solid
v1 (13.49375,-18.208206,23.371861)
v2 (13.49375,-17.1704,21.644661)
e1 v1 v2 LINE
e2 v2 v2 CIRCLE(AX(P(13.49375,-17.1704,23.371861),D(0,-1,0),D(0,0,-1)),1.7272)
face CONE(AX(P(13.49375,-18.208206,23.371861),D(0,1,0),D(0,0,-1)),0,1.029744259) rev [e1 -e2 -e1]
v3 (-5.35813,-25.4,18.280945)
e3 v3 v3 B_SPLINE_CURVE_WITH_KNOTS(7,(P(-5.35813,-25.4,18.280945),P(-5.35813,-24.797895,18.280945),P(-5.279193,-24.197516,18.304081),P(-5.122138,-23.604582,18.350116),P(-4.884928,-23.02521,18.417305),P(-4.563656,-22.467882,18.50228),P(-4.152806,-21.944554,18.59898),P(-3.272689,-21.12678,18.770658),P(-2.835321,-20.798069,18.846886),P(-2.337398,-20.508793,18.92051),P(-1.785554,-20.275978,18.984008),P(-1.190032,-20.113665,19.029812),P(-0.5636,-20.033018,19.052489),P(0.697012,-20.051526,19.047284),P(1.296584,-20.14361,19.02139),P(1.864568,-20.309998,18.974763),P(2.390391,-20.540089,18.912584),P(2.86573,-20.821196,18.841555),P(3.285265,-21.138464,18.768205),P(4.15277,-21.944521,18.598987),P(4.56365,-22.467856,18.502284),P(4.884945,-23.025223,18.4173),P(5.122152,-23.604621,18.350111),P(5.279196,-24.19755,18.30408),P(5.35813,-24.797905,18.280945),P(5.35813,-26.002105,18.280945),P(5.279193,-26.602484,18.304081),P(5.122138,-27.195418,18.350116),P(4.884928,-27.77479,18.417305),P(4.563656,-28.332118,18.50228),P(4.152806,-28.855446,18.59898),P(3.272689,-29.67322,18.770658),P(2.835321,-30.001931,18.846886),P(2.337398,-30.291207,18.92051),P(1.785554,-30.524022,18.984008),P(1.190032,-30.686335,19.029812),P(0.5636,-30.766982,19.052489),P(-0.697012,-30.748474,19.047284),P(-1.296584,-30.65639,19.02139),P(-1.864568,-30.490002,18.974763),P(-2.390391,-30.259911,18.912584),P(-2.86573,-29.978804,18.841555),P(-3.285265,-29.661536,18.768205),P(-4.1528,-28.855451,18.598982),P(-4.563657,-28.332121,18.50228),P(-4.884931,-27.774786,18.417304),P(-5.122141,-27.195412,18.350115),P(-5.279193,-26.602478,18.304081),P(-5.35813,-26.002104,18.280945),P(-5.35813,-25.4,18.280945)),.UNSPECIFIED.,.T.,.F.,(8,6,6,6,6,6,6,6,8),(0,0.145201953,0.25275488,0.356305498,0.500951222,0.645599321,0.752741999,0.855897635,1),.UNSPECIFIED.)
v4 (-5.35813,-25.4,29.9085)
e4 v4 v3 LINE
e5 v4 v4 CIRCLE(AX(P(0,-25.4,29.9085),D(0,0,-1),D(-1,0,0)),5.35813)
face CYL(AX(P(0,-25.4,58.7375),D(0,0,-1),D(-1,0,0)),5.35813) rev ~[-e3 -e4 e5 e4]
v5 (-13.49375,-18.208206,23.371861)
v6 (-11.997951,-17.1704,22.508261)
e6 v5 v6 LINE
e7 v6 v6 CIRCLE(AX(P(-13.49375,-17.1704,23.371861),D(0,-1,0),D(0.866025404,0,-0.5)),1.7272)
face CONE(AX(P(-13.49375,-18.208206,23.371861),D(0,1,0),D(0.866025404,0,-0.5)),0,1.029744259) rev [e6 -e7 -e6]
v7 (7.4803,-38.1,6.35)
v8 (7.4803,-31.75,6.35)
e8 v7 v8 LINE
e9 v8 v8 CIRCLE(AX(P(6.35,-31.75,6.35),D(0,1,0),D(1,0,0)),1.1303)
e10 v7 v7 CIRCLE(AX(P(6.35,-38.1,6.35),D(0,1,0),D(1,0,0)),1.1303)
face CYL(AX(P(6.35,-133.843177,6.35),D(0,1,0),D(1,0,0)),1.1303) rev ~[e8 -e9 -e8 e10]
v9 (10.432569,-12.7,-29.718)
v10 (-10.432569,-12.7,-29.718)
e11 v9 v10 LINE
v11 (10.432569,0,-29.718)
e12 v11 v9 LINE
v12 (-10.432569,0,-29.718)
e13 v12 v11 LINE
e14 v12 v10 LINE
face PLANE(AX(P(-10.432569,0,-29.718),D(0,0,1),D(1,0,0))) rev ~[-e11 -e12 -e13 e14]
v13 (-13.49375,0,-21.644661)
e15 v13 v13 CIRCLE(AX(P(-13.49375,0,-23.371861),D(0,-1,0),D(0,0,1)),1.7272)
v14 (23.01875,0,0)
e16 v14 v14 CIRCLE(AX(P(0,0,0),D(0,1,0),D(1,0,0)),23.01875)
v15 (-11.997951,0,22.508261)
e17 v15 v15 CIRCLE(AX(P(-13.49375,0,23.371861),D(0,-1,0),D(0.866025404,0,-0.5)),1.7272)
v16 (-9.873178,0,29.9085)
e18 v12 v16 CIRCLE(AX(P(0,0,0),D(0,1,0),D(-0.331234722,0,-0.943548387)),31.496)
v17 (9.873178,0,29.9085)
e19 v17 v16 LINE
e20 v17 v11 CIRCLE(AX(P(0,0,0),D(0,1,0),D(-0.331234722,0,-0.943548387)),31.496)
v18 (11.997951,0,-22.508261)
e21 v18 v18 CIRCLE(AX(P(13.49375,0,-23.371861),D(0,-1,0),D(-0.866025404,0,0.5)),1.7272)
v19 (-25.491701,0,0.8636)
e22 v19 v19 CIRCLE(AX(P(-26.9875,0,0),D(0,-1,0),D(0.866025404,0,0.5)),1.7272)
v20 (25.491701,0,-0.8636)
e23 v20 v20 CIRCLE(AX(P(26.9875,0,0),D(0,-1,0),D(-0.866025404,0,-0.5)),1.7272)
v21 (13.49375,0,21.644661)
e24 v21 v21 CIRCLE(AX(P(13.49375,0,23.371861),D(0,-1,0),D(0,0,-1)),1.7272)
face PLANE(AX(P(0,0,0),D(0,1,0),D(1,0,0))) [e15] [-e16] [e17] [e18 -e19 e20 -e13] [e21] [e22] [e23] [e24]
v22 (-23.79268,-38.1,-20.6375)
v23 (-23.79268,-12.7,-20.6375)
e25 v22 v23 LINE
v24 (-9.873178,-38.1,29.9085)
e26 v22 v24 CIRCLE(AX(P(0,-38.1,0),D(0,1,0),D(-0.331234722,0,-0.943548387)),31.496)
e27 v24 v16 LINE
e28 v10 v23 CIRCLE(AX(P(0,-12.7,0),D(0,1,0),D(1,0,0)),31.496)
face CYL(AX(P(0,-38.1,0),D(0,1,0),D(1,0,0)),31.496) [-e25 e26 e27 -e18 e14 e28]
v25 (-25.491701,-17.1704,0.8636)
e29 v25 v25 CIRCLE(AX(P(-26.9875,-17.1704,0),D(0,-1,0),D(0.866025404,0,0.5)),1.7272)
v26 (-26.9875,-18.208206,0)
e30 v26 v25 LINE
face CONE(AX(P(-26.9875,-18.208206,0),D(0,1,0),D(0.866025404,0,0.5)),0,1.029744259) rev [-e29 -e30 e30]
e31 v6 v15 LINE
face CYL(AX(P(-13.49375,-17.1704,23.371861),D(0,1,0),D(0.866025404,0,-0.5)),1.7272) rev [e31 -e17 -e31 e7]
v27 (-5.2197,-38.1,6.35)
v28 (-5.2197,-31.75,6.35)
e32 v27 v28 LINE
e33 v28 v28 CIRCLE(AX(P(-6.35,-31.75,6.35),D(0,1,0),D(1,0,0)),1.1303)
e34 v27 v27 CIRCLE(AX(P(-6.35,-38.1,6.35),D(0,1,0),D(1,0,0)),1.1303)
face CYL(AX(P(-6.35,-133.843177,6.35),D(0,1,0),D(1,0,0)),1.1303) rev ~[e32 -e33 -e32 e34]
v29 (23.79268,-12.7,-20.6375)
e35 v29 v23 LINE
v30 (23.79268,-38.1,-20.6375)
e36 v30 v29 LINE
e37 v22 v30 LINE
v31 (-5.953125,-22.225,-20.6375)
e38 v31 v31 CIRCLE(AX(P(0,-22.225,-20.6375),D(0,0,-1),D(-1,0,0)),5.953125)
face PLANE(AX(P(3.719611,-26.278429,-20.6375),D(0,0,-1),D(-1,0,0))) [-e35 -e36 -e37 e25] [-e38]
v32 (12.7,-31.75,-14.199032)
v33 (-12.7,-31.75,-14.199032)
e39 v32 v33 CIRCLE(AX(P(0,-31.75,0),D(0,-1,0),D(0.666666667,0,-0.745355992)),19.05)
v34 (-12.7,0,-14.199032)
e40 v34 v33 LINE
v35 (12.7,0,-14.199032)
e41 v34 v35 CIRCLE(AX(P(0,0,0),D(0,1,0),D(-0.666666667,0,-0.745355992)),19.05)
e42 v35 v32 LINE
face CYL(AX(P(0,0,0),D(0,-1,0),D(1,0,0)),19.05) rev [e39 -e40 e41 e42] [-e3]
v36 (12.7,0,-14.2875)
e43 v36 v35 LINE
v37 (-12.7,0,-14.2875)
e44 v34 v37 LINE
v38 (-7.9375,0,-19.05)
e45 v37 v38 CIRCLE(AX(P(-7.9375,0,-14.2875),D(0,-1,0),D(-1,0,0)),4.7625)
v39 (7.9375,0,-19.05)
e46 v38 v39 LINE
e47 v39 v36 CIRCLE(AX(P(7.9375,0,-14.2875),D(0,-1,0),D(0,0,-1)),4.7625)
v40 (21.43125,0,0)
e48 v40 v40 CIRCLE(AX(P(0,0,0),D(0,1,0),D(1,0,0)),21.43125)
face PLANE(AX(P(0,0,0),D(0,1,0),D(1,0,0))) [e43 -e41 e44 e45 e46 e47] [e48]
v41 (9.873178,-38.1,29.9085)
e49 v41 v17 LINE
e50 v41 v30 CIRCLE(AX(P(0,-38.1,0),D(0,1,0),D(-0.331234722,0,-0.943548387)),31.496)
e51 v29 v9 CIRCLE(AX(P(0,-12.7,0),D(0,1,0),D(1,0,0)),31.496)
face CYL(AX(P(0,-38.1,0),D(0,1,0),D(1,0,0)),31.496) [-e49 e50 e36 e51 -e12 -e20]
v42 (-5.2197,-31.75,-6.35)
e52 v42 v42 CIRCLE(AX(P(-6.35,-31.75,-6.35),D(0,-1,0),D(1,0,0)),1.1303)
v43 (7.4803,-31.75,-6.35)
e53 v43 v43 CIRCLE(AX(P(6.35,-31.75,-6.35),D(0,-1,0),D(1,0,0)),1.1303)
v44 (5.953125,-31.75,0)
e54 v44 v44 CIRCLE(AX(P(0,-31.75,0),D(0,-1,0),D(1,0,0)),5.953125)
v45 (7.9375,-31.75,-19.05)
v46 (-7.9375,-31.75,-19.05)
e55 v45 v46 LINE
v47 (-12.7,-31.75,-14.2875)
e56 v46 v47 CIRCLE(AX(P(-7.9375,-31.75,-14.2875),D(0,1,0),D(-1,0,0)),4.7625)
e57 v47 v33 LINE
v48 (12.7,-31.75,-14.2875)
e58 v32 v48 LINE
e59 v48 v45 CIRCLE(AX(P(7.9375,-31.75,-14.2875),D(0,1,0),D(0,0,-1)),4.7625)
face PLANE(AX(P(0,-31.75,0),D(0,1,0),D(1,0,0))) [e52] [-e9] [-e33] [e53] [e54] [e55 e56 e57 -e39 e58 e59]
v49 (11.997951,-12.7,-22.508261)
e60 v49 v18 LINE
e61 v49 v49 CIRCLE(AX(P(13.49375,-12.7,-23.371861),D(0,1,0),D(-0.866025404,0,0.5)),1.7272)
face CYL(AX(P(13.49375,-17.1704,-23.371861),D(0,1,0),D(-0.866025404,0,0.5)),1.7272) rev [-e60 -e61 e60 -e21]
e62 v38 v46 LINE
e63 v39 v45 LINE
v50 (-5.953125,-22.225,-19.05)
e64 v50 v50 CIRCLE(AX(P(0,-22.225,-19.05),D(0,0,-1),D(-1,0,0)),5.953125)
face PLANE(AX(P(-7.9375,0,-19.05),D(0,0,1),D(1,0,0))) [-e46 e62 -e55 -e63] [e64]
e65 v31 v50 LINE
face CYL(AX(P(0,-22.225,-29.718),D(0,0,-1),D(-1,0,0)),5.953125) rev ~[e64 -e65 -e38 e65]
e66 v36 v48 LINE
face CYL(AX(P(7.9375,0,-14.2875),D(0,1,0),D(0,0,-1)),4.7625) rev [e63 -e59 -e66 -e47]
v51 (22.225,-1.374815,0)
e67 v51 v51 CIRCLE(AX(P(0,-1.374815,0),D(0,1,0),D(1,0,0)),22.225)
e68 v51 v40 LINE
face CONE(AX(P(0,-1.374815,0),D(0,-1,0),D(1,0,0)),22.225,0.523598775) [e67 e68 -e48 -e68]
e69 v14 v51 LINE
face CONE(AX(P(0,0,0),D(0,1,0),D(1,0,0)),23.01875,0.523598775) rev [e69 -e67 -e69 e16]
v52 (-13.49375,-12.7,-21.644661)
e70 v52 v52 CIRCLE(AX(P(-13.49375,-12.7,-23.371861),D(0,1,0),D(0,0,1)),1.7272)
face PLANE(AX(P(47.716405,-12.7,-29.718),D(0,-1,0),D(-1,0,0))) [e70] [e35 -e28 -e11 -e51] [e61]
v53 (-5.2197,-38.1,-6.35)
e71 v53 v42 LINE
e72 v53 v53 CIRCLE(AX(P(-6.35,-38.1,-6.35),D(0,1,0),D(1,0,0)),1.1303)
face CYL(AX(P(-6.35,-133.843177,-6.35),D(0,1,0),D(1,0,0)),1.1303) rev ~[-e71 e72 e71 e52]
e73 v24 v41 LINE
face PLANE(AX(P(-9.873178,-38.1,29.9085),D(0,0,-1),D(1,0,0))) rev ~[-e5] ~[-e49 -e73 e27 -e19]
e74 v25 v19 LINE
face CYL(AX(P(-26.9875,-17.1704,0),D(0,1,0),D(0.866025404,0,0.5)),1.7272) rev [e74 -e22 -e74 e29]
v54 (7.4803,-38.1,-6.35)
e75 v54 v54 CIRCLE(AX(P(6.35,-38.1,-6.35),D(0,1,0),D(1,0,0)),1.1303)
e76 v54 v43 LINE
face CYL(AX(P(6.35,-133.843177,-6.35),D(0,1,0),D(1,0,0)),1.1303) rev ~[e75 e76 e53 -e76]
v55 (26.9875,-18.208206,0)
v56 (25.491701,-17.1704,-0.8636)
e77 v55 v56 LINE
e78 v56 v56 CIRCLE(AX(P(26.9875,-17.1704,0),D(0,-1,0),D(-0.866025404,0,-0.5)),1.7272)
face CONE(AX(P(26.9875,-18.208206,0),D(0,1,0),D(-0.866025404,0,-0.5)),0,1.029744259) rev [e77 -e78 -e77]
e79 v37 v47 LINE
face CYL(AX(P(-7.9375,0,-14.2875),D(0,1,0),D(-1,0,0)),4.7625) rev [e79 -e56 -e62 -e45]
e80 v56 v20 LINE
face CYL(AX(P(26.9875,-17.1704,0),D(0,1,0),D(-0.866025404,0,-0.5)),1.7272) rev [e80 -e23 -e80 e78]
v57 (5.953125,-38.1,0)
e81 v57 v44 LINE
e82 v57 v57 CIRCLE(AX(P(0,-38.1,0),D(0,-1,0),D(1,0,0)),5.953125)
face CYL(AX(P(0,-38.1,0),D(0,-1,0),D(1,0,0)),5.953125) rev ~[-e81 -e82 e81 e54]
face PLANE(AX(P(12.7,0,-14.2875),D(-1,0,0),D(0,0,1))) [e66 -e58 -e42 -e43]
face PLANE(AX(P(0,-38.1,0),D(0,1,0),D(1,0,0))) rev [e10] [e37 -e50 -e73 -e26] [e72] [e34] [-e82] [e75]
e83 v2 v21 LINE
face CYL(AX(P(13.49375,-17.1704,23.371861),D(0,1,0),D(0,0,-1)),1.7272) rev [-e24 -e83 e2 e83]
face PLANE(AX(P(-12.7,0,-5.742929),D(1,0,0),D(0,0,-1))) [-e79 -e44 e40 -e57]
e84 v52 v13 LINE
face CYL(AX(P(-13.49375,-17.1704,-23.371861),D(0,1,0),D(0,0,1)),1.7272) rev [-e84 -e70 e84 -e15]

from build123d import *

# Parameters (mm, degrees)
CUT_EXTRUDE1_DEPTH          = 59.614042959
CIRPATTERN1_COUNT           = 6
SKETCH11_R                  = 5.953125
CUT_EXTRUDE3_DEPTH          = 59.614042959
F_4_40_TAPPED_HOLE2_D       = 2.2606
CUT_EXTRUDE4_DEPTH          = 59.614042959
F_1_2_13_TAPPED_HOLE1_D     = 10.71626
F_1_2_13_TAPPED_HOLE1_DEPTH = 28.829
F_1_2_13_TAPPED_HOLE1_TIP   = 3.219489309
CUT_EXTRUDE5_REACH          = 79.453
CUT_EXTRUDE5_END_RADIUS     = 19.05
SKETCH23_R                  = 5.953125
CUT_EXTRUDE6_REACH          = 59.777
SKETCH25_W                  = 87.993587341
SKETCH25_H                  = 27.156858223
CUT_EXTRUDE7_DEPTH          = 9.0805


with BuildPart() as part:
    # Sketch1 → Revolve1 (revolve)
    with BuildSketch(Plane.XY):
        Polygon((19.05, 0), (19.05, -31.75), (0, -31.75), (0, -38.1), (31.496, -38.1), (31.496, 0), (23.01875, 0), (22.225, -1.374815329), (21.43125, 0), align=None)
    revolve(axis=Axis((0, -582.039095303, 0), (0, 1, 0)))

    # Sketch2 → Cut-Extrude1 (cut, through all)
    with BuildSketch(Plane(origin=(0, 0, 0), x_dir=(1, 0, 0), z_dir=(0, 1, 0))):
        with BuildLine():
            Line((-10.432568811, 29.718), (10.432568811, 29.718))
            ThreePointArc((10.432568811, 29.718), (0, 31.496), (-10.432568811, 29.718))
        make_face()
    extrude(amount=-CUT_EXTRUDE1_DEPTH, mode=Mode.SUBTRACT)

    # Sketch5 → #8-32 Tapped Hole1 (revolve, cut)
    with BuildSketch(Plane(origin=(-13.49375, 0, -23.371860585), x_dir=(0, 0, 1), z_dir=(1, 0, 0))):
        Polygon((0, 0), (0, 18.208206461), (1.7272, 17.1704), (1.7272, 0), align=None)
    f_8_32_tapped_hole1 = revolve(axis=Axis((-13.49375, 6.35, -23.371860585), (0, -1, 0)), mode=Mode.SUBTRACT)

    # CirPattern1: #8-32 Tapped Hole1 ×6 about axis
    cirpattern1_axis = Axis((0, 0, 0), (0, 1, 0))
    for i in range(1, CIRPATTERN1_COUNT):
        add(f_8_32_tapped_hole1.rotate(cirpattern1_axis, i * 360 / CIRPATTERN1_COUNT), mode=Mode.SUBTRACT)

    # Sketch11 → Cut-Extrude3 (cut, through all)
    with BuildSketch(Plane.XZ.offset(38.1)):
        Circle(SKETCH11_R)
    extrude(amount=-CUT_EXTRUDE3_DEPTH, mode=Mode.SUBTRACT)

    # #4-40 Tapped Hole2 (through all)
    with Locations(Plane(origin=(0, -38.1, 0), x_dir=(-1, 0, 0), z_dir=(0, -1, 0))):
        with Locations((6.35, -6.35), (-6.35, -6.35), (-6.35, 6.35), (6.35, 6.35)):
            Hole(F_4_40_TAPPED_HOLE2_D / 2)

    # Sketch16 → Cut-Extrude4 (cut, through all)
    with BuildSketch(Plane.XZ.offset(38.1)):
        with BuildLine():
            Line((-9.873177996, 29.9085), (9.873177996, 29.9085))
            ThreePointArc((9.873177996, 29.9085), (0, 31.496), (-9.873177996, 29.9085))
        make_face()
    extrude(amount=-CUT_EXTRUDE4_DEPTH, mode=Mode.SUBTRACT)

    # 1/2-13 Tapped Hole1
    with Locations(Plane.XY.offset(29.9085)):
        with Locations((0, -25.4)):
            Hole(F_1_2_13_TAPPED_HOLE1_D / 2, depth=F_1_2_13_TAPPED_HOLE1_DEPTH)
            with Locations((0, 0, -(F_1_2_13_TAPPED_HOLE1_DEPTH + F_1_2_13_TAPPED_HOLE1_TIP / 2))):  # 118° drill point
                Cone(0, F_1_2_13_TAPPED_HOLE1_D / 2, F_1_2_13_TAPPED_HOLE1_TIP, mode=Mode.SUBTRACT)

    # Cut-Extrude5: up to this cylinder (the profile starts outside it)
    cut_extrude5_end = Plane(origin=(0, -22.225, 0), z_dir=(0, -1, 0)) * Cylinder(CUT_EXTRUDE5_END_RADIUS, 198.006, mode=Mode.PRIVATE)
    # Sketch23 → Cut-Extrude5 (cut, up to the surface)
    with BuildSketch(Plane(origin=(0, 0, -29.718), x_dir=(-1, 0, 0), z_dir=(0, 0, -1)), mode=Mode.PRIVATE) as cut_extrude5_sk1:
        with Locations((0, -22.225)):
            Circle(SKETCH23_R)
    cut_extrude5_tool1 = extrude(cut_extrude5_sk1.sketch, amount=-CUT_EXTRUDE5_REACH, mode=Mode.PRIVATE) - cut_extrude5_end
    add(cut_extrude5_tool1.solids().sort_by_distance((0, -22.225, -29.718))[0], mode=Mode.SUBTRACT)

    # Cut-Extrude6: up to this face of the body (flat: up to its plane)
    cut_extrude6_end = Plane(part.part.faces().sort_by_distance((-18.511184633, -31.75, 0))[0])
    # Sketch24 → Cut-Extrude6 (cut, up to the picked face)
    with BuildSketch(Plane(origin=(0, 0, 0), x_dir=(1, 0, 0), z_dir=(0, 1, 0)), mode=Mode.PRIVATE) as cut_extrude6_sk1:
        with BuildLine():
            Line((-7.9375, 19.05), (7.9375, 19.05))
            ThreePointArc((7.9375, 19.05), (11.305096045, 17.655096045), (12.7, 14.2875))
            Line((12.7, 14.2875), (12.7, 5.742929028))
            Line((12.7, 5.742929028), (-12.7, 5.742929028))
            Line((-12.7, 5.742929028), (-12.7, 14.2875))
            ThreePointArc((-12.7, 14.2875), (-11.305096045, 17.655096045), (-7.9375, 19.05))
        make_face()
    cut_extrude6_tool1 = split(extrude(cut_extrude6_sk1.sketch, amount=-CUT_EXTRUDE6_REACH, mode=Mode.PRIVATE), bisect_by=cut_extrude6_end, keep=Keep.BOTH, mode=Mode.PRIVATE)
    add(cut_extrude6_tool1.solids().sort_by(Axis((0, 0, -12.230696), (0, -1, 0)))[0], mode=Mode.SUBTRACT)

    # Sketch25 → Cut-Extrude7 (cut)
    with BuildSketch(Plane(origin=(0, 0, -29.718), x_dir=(-1, 0, 0), z_dir=(0, 0, -1))):
        with Locations((-3.719611081, -26.278429112)):
            Rectangle(SKETCH25_W, SKETCH25_H)
    extrude(amount=-CUT_EXTRUDE7_DEPTH, mode=Mode.SUBTRACT)


solid = part.part
